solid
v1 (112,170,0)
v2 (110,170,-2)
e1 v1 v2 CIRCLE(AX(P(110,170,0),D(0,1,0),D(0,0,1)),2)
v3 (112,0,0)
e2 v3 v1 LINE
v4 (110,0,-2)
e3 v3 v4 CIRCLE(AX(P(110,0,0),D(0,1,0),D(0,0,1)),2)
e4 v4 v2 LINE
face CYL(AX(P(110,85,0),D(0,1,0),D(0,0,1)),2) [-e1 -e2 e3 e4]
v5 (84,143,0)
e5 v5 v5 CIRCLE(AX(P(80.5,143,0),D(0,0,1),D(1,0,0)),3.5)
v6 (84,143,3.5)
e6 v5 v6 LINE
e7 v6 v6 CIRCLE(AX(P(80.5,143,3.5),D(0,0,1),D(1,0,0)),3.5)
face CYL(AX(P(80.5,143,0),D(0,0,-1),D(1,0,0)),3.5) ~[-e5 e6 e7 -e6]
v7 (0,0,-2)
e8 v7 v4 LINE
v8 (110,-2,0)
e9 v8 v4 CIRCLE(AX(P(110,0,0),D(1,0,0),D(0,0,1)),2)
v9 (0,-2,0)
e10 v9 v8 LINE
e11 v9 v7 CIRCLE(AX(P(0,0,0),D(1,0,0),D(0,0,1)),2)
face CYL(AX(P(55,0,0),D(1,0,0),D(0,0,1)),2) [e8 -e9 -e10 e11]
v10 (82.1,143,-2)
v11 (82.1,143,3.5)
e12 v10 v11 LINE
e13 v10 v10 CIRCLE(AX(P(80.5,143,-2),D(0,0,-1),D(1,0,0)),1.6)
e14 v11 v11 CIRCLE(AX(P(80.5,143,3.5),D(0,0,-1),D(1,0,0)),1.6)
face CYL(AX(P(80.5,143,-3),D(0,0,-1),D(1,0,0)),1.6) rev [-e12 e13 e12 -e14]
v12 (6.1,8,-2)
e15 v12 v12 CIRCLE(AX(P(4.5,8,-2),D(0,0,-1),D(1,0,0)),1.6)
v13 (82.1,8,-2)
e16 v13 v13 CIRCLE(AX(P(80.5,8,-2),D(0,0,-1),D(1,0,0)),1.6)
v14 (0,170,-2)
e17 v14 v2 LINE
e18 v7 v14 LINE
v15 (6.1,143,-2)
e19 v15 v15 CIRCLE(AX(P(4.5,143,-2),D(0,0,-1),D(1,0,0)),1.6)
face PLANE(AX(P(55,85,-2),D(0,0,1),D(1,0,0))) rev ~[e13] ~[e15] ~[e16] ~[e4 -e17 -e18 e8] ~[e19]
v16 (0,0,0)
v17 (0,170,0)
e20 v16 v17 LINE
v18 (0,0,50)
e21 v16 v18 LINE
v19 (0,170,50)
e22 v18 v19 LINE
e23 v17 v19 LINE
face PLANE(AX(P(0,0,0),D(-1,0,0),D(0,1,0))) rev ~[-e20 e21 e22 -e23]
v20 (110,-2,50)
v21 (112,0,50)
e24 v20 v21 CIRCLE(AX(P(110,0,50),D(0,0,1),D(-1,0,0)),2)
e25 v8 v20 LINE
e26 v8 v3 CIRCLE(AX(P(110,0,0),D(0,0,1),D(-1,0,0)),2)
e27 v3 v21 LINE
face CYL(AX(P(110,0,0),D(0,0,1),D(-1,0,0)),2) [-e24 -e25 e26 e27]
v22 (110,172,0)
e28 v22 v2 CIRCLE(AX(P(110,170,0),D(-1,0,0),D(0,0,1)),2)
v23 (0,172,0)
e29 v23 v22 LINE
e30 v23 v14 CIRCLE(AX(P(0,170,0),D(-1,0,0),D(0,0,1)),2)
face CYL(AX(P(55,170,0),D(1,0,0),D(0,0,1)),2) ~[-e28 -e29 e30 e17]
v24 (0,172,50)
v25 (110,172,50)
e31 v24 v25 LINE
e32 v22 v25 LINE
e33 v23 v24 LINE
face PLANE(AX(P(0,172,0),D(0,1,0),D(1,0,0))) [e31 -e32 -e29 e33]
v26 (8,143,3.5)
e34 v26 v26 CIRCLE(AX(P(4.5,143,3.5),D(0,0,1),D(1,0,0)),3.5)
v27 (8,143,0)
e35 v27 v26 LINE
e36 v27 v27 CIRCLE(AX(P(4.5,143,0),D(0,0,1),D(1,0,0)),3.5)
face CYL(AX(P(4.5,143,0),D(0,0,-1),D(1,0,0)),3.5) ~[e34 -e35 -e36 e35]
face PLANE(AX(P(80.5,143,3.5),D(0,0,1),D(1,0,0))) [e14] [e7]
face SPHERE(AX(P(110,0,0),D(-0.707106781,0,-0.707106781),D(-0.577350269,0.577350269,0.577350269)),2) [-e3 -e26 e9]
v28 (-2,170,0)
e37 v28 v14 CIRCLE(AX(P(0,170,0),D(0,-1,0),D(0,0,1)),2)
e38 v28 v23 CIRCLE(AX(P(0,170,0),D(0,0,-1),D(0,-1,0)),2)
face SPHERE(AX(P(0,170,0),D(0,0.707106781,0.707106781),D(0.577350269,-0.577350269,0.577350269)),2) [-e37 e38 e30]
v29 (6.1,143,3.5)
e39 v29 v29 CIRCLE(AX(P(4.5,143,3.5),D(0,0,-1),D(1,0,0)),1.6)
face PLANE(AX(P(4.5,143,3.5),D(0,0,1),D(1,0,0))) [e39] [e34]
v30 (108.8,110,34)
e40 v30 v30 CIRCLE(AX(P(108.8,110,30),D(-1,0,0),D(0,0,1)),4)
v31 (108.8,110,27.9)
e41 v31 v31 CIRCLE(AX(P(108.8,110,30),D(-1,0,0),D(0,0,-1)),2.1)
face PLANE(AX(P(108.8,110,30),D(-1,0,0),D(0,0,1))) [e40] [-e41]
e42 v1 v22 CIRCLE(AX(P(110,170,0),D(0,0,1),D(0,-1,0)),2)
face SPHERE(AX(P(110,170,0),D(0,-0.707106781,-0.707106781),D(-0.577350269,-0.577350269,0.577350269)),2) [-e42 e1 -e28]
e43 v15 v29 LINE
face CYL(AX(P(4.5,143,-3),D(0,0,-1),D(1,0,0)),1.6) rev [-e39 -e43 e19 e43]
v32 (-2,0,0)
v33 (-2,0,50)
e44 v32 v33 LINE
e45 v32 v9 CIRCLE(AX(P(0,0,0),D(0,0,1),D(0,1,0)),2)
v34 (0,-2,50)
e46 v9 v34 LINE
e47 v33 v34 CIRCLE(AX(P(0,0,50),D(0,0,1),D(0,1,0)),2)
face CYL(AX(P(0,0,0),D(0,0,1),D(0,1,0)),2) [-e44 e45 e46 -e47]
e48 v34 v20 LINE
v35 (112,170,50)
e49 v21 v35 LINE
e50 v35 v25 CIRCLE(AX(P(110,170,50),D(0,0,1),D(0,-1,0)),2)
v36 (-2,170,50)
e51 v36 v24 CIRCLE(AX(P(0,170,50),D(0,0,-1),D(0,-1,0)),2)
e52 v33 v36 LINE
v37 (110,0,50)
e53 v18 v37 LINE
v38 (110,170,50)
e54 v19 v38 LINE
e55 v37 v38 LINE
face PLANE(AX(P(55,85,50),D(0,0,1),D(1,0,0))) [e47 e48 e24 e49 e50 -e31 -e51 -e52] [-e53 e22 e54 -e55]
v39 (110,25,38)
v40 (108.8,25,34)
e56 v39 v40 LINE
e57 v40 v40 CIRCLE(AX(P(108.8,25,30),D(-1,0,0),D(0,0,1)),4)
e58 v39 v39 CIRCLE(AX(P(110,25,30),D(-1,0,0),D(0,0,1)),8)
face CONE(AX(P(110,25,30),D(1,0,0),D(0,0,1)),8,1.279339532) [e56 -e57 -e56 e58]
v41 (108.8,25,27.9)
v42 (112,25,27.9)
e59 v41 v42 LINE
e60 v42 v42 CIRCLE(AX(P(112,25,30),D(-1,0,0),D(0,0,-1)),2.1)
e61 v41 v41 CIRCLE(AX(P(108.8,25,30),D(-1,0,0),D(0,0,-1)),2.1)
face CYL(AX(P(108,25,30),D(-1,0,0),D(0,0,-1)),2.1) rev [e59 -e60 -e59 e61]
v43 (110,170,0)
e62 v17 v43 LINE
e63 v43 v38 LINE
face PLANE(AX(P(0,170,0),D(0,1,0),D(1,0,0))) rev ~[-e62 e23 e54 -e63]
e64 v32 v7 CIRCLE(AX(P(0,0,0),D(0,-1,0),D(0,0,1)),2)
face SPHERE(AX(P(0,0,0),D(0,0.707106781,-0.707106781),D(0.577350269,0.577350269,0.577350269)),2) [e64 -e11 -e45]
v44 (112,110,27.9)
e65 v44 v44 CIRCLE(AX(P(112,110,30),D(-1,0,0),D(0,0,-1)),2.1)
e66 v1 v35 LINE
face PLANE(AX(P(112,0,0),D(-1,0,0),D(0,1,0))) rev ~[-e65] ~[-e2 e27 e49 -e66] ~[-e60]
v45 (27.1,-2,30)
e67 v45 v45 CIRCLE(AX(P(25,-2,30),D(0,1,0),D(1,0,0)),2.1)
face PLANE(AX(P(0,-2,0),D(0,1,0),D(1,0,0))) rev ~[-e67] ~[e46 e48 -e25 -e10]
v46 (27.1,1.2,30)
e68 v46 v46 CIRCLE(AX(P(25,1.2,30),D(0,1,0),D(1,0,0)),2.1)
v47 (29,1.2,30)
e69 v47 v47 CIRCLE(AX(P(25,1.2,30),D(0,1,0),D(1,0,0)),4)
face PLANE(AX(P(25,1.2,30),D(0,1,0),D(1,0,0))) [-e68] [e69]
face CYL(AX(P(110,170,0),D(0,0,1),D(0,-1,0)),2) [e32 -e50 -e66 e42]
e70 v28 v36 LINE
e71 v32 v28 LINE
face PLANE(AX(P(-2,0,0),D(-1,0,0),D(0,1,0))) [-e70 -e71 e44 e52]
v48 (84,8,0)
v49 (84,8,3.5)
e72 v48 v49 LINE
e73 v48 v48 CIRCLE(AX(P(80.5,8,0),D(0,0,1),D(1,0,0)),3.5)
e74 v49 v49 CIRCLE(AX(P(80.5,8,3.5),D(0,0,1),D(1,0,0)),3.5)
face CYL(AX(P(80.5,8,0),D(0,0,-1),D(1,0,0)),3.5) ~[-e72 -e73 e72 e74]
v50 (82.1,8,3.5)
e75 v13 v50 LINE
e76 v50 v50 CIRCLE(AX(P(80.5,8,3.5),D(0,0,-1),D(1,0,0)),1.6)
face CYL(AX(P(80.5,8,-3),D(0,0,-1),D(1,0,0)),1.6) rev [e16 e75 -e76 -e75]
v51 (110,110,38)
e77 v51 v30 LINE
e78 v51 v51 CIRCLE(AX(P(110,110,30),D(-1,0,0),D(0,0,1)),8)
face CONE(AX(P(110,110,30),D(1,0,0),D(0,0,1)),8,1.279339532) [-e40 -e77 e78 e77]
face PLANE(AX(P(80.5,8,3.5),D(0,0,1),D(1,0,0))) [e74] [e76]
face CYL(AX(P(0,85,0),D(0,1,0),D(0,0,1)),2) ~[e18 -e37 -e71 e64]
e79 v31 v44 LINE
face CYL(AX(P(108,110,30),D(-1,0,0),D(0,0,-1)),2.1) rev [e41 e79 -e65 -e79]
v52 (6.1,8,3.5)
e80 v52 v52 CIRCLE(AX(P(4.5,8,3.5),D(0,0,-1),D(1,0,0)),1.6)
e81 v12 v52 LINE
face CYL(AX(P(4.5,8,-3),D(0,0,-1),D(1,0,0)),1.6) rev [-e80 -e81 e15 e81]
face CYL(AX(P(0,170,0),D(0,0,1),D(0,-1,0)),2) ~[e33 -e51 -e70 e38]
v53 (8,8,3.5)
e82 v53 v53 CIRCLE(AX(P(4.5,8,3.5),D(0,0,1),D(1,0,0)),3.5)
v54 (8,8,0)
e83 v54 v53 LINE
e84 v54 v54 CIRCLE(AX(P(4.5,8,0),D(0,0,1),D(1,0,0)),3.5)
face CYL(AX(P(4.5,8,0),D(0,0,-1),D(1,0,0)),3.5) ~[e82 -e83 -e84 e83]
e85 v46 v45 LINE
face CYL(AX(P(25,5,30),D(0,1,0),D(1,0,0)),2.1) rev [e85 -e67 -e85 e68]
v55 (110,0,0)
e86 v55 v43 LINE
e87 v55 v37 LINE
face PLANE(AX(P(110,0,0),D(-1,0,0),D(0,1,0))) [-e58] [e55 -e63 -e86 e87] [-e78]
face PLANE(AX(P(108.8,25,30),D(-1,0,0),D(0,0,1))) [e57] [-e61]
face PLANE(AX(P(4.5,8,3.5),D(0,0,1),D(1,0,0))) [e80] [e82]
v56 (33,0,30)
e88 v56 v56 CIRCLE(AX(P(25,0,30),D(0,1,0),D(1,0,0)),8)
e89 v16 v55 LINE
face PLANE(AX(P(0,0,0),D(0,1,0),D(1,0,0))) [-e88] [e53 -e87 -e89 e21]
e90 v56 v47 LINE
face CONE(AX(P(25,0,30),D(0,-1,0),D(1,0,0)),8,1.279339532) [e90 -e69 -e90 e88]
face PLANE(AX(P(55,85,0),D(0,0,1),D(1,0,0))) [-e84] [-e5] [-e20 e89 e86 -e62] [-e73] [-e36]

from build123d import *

# Parameters (mm, degrees)
CYLINDER002_R            = 2.1
CYLINDER002_DEPTH        = 10
CYLINDER002_PITCH_ANGLE  = 90
CYLINDER001_R            = 1.6
CYLINDER001_DEPTH        = 7
ARRAY001_X_COUNT         = 2
ARRAY001_X_PITCH         = 76
ARRAY001_Y_COUNT         = 2
ARRAY001_Y_PITCH         = 135
CLONE003_ROLL_ANGLE      = 90
CLONE003_PLACEMENT_ANGLE = -90
CYLINDER_R               = 3.5
CYLINDER_DEPTH           = 3.5
ARRAY_X_COUNT            = 2
ARRAY_X_PITCH            = 76
ARRAY_Y_COUNT            = 2
ARRAY_Y_PITCH            = 135
CONE_PITCH_ANGLE         = -90
CLONE002_ROLL_ANGLE      = -90
CLONE002_PLACEMENT_ANGLE = -90
BOX_W                    = 110
BOX_H                    = 170
BOX_DEPTH                = 50
THICKNESS_T              = 2


with BuildPart() as cylinder002:
    # Cylinder002 → Cylinder002 (new body)
    with BuildSketch(Plane.XY):
        Circle(CYLINDER002_R)
    extrude(amount=CYLINDER002_DEPTH)


with BuildPart() as cylinder002_1:
    # Cylinder002 pitch: moved
    add(cylinder002.part.rotate(Axis((0, 0, 0), (0, 1, 0)), CYLINDER002_PITCH_ANGLE))


with BuildPart() as cylinder002_2:
    # Cylinder002 placement: moved
    add(cylinder002_1.part.moved(Location((108, 25, 30))))


with BuildPart() as clone_of_cylinder002:
    # Clone001 base: copy of Cylinder002
    add(cylinder002_2.part)


with BuildPart() as clone_of_cylinder002_1:
    # Clone001 placement: moved
    add(clone_of_cylinder002.part.moved(Location((0, 85, 0))))


with BuildPart() as mount_holes:
    # Cylinder001 → Cylinder001 (new body)
    with BuildSketch(Plane.XY.offset(-3)):
        Circle(CYLINDER001_R)
    extrude(amount=CYLINDER001_DEPTH)

    # Array001 X: mount_holes ×2


with BuildPart() as mount_holes_1:
    add(mount_holes.part)
    with Locations(*[(i * ARRAY001_X_PITCH, 0, 0) for i in range(1, ARRAY001_X_COUNT)]):
        add(mount_holes.part)

    # Array001 Y: mount_holes ×2


with BuildPart() as mount_holes_2:
    add(mount_holes_1.part)
    with Locations(*[(0, i * ARRAY001_Y_PITCH, 0) for i in range(1, ARRAY001_Y_COUNT)]):
        add(mount_holes_1.part)


with BuildPart() as mount_holes_3:
    # Array001 placement: moved
    add(mount_holes_2.part.moved(Location((4.5, 8, 0))))


with BuildPart() as fusion001:
    # Clone003 base: copy of Cylinder002
    add(cylinder002_2.part)


with BuildPart() as fusion001_1:
    # Clone003 roll: moved
    add(fusion001.part.rotate(Axis((0, 0, 0), (1, 0, 0)), CLONE003_ROLL_ANGLE))


with BuildPart() as fusion001_2:
    # Clone003 placement: moved
    add(fusion001_1.part.moved(Location((55, 113, 5))).rotate(Axis((55, 113, 5), (0, 0, 1)), CLONE003_PLACEMENT_ANGLE))

    # Fusion001: union Clone of Cylinder002, Cylinder002, mount_holes
    add(clone_of_cylinder002_1.part)
    add(cylinder002_2.part)
    add(mount_holes_3.part)


with BuildPart() as mount_points:
    # Cylinder → Cylinder (new body)
    with BuildSketch(Plane.XY):
        Circle(CYLINDER_R)
    extrude(amount=CYLINDER_DEPTH)

    # Array X: mount_points ×2


with BuildPart() as mount_points_1:
    add(mount_points.part)
    with Locations(*[(i * ARRAY_X_PITCH, 0, 0) for i in range(1, ARRAY_X_COUNT)]):
        add(mount_points.part)

    # Array Y: mount_points ×2


with BuildPart() as mount_points_2:
    add(mount_points_1.part)
    with Locations(*[(0, i * ARRAY_Y_PITCH, 0) for i in range(1, ARRAY_Y_COUNT)]):
        add(mount_points_1.part)


with BuildPart() as mount_points_3:
    # Array placement: moved
    add(mount_points_2.part.moved(Location((4.5, 8, 0))))


with BuildPart() as cone:
    # Cone → Cone (revolve)
    with BuildSketch(Plane.XZ):
        Polygon((0, 0), (8, 0), (4, 1.2), (0, 1.2), align=None)
    revolve(axis=Axis((0, 0, 0), (0, 0, 1)))


with BuildPart() as cone_1:
    # Cone pitch: moved
    add(cone.part.rotate(Axis((0, 0, 0), (0, 1, 0)), CONE_PITCH_ANGLE))


with BuildPart() as cone_2:
    # Cone placement: moved
    add(cone_1.part.moved(Location((110, 25, 30))))


with BuildPart() as clone_of_cone:
    # Clone base: copy of Cone
    add(cone_2.part)


with BuildPart() as clone_of_cone_1:
    # Clone placement: moved
    add(clone_of_cone.part.moved(Location((0, 85, 0))))


with BuildPart() as clone_of_cone001:
    # Clone002 base: copy of Cone
    add(cone_2.part)


with BuildPart() as clone_of_cone001_1:
    # Clone002 roll: moved
    add(clone_of_cone001.part.rotate(Axis((0, 0, 0), (1, 0, 0)), CLONE002_ROLL_ANGLE))


with BuildPart() as clone_of_cone001_2:
    # Clone002 placement: moved
    add(clone_of_cone001_1.part.moved(Location((-5, 110, 55))).rotate(Axis((-5, 110, 55), (0, 0, 1)), CLONE002_PLACEMENT_ANGLE))


with BuildPart() as case_with_mount_holes:
    # Box → Box (new body)
    with BuildSketch(Plane.XY):
        with Locations((55, 85)):
            Rectangle(BOX_W, BOX_H)
    extrude(amount=BOX_DEPTH)

    # Thickness
    thickness_openings = [case_with_mount_holes.faces().sort_by_distance(p)[0] for p in [
        (55, 85, 50),
    ]]
    offset(amount=THICKNESS_T, openings=thickness_openings)

    # Fusion: union mount_points, Clone of Cone, Cone, Clone of Cone001
    add(mount_points_3.part)
    add(clone_of_cone_1.part)
    add(cone_2.part)
    add(clone_of_cone001_2.part)

    # Cut: cut Fusion001
    add(fusion001_2.part, mode=Mode.SUBTRACT)


solid = case_with_mount_holes.part
